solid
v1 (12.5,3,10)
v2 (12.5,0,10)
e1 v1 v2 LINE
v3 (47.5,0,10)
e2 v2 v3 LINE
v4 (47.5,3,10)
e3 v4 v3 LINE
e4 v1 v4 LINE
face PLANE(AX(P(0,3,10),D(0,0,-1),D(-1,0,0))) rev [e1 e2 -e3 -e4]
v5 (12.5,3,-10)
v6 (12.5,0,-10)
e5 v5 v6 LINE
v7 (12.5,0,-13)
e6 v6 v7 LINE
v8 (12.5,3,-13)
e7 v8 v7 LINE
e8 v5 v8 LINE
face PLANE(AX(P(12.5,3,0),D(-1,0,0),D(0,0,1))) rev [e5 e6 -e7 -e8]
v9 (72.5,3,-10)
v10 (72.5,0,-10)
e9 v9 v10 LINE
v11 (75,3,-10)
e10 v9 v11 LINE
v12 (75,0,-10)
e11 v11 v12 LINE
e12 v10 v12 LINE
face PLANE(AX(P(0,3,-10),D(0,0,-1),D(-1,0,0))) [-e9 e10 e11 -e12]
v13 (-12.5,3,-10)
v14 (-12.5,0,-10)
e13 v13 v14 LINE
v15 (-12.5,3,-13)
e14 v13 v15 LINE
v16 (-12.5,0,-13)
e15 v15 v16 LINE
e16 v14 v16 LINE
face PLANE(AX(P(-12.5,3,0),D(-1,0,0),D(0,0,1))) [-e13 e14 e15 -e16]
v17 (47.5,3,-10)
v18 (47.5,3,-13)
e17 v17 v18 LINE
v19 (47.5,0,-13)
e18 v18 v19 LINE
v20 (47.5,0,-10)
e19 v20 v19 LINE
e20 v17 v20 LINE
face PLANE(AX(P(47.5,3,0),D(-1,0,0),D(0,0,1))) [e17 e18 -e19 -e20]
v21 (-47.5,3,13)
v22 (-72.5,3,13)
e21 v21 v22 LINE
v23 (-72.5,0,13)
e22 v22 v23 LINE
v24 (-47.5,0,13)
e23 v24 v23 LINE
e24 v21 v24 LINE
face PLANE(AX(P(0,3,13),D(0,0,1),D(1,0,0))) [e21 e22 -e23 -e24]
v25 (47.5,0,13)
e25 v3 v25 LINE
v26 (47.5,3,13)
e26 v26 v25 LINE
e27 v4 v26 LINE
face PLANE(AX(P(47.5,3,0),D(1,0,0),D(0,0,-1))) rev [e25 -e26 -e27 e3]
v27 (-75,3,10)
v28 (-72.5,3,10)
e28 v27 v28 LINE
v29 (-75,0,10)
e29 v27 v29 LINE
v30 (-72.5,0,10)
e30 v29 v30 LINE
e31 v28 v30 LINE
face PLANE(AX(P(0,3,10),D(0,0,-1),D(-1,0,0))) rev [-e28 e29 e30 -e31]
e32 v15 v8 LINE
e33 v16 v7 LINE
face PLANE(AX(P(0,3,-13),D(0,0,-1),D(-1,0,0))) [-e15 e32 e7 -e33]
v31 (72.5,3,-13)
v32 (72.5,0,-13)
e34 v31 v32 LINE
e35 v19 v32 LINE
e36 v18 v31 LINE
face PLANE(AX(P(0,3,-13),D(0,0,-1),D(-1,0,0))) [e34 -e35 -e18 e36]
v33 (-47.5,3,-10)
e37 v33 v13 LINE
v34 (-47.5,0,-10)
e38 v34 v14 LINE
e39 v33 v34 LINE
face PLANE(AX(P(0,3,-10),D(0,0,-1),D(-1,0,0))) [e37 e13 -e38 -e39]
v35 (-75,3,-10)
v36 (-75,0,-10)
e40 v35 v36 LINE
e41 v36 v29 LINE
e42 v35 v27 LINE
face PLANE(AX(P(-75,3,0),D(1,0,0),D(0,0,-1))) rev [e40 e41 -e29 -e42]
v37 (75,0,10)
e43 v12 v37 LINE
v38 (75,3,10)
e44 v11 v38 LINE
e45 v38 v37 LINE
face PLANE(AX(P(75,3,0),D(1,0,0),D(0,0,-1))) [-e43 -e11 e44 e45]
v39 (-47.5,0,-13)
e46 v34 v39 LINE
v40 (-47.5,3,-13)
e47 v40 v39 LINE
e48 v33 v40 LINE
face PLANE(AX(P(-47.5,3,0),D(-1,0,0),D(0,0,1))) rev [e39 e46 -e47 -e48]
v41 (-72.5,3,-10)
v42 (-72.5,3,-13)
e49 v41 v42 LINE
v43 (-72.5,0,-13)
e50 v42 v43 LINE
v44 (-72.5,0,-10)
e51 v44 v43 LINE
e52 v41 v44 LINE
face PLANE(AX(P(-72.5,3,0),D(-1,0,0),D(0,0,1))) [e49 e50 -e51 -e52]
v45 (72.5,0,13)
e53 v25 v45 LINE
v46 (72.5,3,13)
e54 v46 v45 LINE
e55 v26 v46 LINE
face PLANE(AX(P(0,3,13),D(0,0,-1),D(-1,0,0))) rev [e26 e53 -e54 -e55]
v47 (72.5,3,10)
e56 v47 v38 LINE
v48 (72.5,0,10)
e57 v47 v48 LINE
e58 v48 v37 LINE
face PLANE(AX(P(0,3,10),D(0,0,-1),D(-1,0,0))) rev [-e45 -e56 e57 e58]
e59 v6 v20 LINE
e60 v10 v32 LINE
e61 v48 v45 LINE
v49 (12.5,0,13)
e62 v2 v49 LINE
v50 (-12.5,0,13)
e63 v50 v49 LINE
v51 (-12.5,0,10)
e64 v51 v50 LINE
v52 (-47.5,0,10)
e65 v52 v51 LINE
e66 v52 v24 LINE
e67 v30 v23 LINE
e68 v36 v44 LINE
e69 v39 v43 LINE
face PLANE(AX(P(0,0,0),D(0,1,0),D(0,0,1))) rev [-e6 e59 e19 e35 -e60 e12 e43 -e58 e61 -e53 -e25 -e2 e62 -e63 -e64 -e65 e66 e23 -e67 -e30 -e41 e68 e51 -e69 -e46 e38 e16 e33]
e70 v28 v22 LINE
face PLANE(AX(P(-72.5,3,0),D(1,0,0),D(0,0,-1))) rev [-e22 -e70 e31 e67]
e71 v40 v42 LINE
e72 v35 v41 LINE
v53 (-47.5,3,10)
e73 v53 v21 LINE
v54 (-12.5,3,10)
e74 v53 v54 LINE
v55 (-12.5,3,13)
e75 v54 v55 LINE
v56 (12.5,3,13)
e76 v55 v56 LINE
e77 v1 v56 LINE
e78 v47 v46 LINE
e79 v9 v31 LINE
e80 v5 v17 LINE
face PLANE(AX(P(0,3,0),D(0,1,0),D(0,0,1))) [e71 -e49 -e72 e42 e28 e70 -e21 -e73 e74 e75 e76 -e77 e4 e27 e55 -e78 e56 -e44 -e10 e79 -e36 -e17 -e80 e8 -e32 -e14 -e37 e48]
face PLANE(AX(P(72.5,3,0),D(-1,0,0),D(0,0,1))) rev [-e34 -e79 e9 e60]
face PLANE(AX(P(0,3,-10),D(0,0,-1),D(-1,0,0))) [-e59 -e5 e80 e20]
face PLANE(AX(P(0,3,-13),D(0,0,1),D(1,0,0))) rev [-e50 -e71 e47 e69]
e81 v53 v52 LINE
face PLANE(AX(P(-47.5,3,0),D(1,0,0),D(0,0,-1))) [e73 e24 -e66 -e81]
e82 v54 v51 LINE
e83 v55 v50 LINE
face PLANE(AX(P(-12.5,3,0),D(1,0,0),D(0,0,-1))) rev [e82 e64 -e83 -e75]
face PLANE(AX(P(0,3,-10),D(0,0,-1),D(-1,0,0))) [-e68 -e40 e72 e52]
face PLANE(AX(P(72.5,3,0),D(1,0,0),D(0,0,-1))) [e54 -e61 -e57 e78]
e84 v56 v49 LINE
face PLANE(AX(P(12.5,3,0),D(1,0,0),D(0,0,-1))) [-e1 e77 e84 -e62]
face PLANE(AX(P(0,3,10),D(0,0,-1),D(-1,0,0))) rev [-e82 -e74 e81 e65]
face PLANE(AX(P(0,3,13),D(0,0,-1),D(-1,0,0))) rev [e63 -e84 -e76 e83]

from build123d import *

# Parameters (mm, degrees)
SKETCH_1_W      = 150
SKETCH_1_H      = 20
SKETCH_1_W_2    = 25
SKETCH_1_H_2    = 3
EXTRUDE_1_DEPTH = 3


with BuildPart() as part:
    # 草图1 → 凸台-拉伸1 (new body)
    with BuildSketch(Plane(origin=(0, 0, 0), x_dir=(1, 0, 0), z_dir=(0, 1, 0))):
        Rectangle(SKETCH_1_W, SKETCH_1_H)
        with Locations((-60, 11.5)):
            Rectangle(SKETCH_1_W_2, SKETCH_1_H_2)
        with Locations((-60, -11.5)):
            Rectangle(SKETCH_1_W_2, SKETCH_1_H_2)
        with Locations((0, -11.5)):
            Rectangle(SKETCH_1_W_2, SKETCH_1_H_2)
        with Locations((0, 11.5)):
            Rectangle(SKETCH_1_W_2, SKETCH_1_H_2)
        with Locations((60, 11.5)):
            Rectangle(SKETCH_1_W_2, SKETCH_1_H_2)
        with Locations((60, -11.5)):
            Rectangle(SKETCH_1_W_2, SKETCH_1_H_2)
    extrude(amount=EXTRUDE_1_DEPTH)


solid = part.part
